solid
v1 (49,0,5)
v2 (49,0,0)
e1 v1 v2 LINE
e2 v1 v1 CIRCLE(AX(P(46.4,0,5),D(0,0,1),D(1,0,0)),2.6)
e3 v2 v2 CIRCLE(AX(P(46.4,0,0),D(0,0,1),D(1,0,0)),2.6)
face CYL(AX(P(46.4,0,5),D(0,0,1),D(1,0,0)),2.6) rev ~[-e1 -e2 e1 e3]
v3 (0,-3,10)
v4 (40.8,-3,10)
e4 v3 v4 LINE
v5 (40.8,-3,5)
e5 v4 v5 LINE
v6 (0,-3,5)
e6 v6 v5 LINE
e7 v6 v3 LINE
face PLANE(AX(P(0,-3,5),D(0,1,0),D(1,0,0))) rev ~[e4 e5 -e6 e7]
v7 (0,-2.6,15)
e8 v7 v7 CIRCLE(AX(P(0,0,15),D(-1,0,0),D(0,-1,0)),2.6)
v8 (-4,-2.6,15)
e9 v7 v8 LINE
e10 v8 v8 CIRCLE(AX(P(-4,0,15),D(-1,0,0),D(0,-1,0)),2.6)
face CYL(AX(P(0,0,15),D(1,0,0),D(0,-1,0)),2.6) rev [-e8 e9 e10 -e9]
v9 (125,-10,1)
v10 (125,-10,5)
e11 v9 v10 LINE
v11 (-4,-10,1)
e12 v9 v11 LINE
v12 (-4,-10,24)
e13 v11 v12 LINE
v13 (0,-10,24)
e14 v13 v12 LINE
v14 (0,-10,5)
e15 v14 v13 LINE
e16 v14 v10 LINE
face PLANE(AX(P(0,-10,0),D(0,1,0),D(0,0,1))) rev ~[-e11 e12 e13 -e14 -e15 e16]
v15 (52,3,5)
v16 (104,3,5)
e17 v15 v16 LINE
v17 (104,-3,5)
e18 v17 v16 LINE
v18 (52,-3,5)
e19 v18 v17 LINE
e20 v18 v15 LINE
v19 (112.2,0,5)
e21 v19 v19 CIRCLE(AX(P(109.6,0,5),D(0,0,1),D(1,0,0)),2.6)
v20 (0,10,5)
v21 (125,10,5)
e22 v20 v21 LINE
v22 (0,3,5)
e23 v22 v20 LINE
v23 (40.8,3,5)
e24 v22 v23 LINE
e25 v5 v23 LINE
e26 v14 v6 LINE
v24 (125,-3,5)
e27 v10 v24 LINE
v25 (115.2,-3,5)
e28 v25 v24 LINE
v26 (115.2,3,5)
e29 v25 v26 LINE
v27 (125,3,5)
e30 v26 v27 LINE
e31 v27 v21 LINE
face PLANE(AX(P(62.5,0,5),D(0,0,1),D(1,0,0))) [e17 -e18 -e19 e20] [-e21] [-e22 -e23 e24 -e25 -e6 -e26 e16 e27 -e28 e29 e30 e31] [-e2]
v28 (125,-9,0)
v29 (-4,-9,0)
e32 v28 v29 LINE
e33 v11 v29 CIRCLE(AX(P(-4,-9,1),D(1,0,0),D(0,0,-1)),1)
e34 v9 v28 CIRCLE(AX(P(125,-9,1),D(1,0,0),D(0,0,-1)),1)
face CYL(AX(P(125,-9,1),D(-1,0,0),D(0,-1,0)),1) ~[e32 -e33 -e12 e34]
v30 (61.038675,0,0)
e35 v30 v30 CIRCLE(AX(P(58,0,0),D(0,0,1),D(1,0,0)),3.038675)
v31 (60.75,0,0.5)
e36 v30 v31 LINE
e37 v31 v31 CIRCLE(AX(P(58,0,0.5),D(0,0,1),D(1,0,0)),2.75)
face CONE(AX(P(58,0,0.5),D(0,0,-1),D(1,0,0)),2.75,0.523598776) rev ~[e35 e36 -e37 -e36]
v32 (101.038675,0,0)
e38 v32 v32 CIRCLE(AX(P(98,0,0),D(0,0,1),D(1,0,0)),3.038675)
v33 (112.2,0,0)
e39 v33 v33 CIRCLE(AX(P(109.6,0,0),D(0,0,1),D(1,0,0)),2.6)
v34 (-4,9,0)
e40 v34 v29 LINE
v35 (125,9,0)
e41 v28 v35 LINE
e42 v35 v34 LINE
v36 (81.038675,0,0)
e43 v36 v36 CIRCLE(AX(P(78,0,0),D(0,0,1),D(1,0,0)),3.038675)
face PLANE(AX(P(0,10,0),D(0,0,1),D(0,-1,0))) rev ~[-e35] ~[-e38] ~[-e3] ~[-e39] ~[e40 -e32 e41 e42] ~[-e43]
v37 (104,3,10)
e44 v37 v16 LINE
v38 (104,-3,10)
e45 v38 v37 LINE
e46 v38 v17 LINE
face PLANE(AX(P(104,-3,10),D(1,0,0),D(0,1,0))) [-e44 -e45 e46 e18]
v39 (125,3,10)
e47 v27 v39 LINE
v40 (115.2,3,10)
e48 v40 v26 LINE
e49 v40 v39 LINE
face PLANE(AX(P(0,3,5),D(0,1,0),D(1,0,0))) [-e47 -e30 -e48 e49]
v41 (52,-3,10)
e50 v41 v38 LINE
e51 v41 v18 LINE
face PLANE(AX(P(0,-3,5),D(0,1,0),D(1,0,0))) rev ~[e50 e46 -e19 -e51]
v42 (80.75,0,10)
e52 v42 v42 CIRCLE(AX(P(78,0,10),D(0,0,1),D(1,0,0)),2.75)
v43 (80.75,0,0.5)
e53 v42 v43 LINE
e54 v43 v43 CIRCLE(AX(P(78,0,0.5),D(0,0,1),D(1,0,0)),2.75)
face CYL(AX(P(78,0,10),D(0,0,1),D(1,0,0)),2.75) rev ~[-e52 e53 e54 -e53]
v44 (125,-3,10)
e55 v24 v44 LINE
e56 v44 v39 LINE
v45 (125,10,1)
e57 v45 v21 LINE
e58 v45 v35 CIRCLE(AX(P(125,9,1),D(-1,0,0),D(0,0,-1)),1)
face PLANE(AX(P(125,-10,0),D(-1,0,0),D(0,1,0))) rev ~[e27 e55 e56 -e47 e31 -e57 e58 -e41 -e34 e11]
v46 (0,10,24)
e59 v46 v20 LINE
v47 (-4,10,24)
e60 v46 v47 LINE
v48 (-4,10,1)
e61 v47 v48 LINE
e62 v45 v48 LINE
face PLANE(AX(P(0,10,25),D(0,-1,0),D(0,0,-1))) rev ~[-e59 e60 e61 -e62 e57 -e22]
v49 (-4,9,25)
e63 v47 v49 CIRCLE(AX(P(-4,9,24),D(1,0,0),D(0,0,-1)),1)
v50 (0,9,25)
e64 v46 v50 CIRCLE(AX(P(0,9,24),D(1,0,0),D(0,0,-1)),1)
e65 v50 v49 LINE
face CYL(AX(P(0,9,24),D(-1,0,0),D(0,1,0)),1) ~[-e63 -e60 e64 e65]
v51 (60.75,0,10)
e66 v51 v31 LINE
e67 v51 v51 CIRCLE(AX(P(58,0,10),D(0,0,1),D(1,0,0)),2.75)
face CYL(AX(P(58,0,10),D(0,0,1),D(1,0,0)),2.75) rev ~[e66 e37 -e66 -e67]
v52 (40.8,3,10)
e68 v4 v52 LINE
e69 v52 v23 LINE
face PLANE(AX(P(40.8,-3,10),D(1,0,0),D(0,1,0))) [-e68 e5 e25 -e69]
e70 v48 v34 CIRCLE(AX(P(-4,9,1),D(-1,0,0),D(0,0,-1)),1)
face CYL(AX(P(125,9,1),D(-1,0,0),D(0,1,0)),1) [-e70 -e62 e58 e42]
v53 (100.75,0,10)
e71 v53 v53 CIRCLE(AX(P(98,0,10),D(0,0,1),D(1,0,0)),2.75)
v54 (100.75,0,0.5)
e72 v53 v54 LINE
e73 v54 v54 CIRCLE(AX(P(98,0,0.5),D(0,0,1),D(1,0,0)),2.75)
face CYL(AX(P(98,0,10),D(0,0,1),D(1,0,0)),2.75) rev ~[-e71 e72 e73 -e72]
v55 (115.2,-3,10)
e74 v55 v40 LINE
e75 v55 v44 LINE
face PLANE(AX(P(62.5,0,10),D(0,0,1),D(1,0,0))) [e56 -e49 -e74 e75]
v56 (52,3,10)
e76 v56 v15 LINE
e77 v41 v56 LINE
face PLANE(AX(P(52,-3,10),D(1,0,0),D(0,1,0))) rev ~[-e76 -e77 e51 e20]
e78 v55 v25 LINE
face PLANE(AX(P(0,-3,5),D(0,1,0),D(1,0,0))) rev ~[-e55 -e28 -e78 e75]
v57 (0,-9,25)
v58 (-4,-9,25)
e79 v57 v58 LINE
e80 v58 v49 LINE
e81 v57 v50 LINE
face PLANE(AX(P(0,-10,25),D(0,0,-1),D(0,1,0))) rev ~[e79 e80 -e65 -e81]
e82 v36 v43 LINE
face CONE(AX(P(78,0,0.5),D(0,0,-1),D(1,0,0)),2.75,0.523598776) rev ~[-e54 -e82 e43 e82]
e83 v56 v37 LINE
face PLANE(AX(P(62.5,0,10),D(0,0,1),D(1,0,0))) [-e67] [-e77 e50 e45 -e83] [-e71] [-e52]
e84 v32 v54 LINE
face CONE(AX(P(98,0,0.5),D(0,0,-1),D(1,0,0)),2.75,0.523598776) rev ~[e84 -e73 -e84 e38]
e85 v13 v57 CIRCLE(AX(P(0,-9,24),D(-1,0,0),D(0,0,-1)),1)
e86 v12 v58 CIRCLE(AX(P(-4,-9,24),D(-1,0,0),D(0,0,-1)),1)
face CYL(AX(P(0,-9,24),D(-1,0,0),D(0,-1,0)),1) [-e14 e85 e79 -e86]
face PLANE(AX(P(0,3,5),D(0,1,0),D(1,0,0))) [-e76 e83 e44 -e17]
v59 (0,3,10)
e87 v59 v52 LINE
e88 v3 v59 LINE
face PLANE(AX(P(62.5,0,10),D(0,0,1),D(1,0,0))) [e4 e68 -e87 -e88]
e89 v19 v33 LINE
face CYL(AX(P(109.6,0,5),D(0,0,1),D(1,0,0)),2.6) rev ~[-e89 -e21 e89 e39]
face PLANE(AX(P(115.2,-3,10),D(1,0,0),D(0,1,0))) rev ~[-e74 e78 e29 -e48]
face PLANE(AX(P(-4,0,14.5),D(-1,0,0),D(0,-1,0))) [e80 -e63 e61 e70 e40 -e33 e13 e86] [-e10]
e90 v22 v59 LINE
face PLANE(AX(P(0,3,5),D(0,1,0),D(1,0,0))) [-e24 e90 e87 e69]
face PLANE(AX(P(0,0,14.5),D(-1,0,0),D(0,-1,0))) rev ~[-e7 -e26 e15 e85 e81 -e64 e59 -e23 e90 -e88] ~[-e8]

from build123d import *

# Parameters (mm, degrees)
F0_W      = 125
F0_H      = 20
F1_DEPTH  = 5
F2_W      = 125
F2_H      = 6
F3_DEPTH  = 5
F4_R      = 2.75
F5_DEPTH  = 25
F6_W      = 11.2
F6_H      = 6
F7_DEPTH  = 5
F8_R      = 2.6
F9_DEPTH  = 5
F10_R     = 2.6
F11_DEPTH = 4
F12_R     = 1
F13_SIZE2 = 0.5
F13_SIZE  = 0.2886751346


with BuildPart() as f1:
    # F0 (on Top) → F1 (new body)
    with BuildSketch(Plane.XY):
        with Locations((62.5, 0)):
            Rectangle(F0_W, F0_H)
    extrude(amount=F1_DEPTH)

    # F2 (on face) → F3 (join)
    with BuildSketch(Plane.XY.offset(5)):
        with Locations((62.5, 0)):
            Rectangle(F2_W, F2_H)
    extrude(amount=F3_DEPTH)

    # F4 (on face) → F5 (cut)
    with BuildSketch(Plane.XY.offset(10)):
        with Locations((98, 0)):
            Circle(F4_R)
        with Locations((78, 0)):
            Circle(F4_R)
        with Locations((58, 0)):
            Circle(F4_R)
    extrude(amount=-F5_DEPTH, mode=Mode.SUBTRACT)

    # F6 (on face) → F7 (cut, through all)
    with BuildSketch(Plane.XY.offset(10)):
        with Locations((109.6, 0)):
            Rectangle(F6_W, F6_H)
        with Locations((46.4, 0)):
            Rectangle(F6_W, F6_H)
    extrude(amount=-F7_DEPTH, mode=Mode.SUBTRACT)

    # F8 (on face) → F9 (cut, through all)
    with BuildSketch(Plane.XY.offset(5)):
        with Locations((46.4, 0)):
            Circle(F8_R)
        with Locations((109.6, 0)):
            Circle(F8_R)
    extrude(amount=-F9_DEPTH, mode=Mode.SUBTRACT)

    # F10 (on face) → F11 (join)
    with BuildSketch(Plane(origin=(0, 0, 0), x_dir=(0, -1, 0), z_dir=(-1, 0, 0))):
        Polygon((-10, 25), (-10, 5), (-3, 5), (-3, 10), (3, 10), (3, 5), (10, 5), (10, 25), align=None)
        with Locations((0, 15)):
            Circle(F10_R, mode=Mode.SUBTRACT)
        Polygon((-10, 5), (-10, 0), (10, 0), (10, 5), (3, 5), (3, 10), (-3, 10), (-3, 5), align=None)
    extrude(amount=F11_DEPTH)

    # F12
    f12_edges = [f1.edges().sort_by_distance(p)[0] for p in [
        (-2, -10, 25),
        (-2, 10, 25),
        (60.5, -10, 0),
        (60.5, 10, 0),
    ]]
    fillet(f12_edges, radius=F12_R)

    # F13
    f13_edges = [f1.edges().sort_by_distance(p)[0] for p in [
        (55.25, 0, 0),
        (75.25, 0, 0),
        (95.25, 0, 0),
    ]]
    f13_side = f1.faces().sort_by_distance((-2.697502, 0, 0))[0]
    chamfer(f13_edges, length=F13_SIZE, length2=F13_SIZE2, reference=f13_side)


solid = f1.part
